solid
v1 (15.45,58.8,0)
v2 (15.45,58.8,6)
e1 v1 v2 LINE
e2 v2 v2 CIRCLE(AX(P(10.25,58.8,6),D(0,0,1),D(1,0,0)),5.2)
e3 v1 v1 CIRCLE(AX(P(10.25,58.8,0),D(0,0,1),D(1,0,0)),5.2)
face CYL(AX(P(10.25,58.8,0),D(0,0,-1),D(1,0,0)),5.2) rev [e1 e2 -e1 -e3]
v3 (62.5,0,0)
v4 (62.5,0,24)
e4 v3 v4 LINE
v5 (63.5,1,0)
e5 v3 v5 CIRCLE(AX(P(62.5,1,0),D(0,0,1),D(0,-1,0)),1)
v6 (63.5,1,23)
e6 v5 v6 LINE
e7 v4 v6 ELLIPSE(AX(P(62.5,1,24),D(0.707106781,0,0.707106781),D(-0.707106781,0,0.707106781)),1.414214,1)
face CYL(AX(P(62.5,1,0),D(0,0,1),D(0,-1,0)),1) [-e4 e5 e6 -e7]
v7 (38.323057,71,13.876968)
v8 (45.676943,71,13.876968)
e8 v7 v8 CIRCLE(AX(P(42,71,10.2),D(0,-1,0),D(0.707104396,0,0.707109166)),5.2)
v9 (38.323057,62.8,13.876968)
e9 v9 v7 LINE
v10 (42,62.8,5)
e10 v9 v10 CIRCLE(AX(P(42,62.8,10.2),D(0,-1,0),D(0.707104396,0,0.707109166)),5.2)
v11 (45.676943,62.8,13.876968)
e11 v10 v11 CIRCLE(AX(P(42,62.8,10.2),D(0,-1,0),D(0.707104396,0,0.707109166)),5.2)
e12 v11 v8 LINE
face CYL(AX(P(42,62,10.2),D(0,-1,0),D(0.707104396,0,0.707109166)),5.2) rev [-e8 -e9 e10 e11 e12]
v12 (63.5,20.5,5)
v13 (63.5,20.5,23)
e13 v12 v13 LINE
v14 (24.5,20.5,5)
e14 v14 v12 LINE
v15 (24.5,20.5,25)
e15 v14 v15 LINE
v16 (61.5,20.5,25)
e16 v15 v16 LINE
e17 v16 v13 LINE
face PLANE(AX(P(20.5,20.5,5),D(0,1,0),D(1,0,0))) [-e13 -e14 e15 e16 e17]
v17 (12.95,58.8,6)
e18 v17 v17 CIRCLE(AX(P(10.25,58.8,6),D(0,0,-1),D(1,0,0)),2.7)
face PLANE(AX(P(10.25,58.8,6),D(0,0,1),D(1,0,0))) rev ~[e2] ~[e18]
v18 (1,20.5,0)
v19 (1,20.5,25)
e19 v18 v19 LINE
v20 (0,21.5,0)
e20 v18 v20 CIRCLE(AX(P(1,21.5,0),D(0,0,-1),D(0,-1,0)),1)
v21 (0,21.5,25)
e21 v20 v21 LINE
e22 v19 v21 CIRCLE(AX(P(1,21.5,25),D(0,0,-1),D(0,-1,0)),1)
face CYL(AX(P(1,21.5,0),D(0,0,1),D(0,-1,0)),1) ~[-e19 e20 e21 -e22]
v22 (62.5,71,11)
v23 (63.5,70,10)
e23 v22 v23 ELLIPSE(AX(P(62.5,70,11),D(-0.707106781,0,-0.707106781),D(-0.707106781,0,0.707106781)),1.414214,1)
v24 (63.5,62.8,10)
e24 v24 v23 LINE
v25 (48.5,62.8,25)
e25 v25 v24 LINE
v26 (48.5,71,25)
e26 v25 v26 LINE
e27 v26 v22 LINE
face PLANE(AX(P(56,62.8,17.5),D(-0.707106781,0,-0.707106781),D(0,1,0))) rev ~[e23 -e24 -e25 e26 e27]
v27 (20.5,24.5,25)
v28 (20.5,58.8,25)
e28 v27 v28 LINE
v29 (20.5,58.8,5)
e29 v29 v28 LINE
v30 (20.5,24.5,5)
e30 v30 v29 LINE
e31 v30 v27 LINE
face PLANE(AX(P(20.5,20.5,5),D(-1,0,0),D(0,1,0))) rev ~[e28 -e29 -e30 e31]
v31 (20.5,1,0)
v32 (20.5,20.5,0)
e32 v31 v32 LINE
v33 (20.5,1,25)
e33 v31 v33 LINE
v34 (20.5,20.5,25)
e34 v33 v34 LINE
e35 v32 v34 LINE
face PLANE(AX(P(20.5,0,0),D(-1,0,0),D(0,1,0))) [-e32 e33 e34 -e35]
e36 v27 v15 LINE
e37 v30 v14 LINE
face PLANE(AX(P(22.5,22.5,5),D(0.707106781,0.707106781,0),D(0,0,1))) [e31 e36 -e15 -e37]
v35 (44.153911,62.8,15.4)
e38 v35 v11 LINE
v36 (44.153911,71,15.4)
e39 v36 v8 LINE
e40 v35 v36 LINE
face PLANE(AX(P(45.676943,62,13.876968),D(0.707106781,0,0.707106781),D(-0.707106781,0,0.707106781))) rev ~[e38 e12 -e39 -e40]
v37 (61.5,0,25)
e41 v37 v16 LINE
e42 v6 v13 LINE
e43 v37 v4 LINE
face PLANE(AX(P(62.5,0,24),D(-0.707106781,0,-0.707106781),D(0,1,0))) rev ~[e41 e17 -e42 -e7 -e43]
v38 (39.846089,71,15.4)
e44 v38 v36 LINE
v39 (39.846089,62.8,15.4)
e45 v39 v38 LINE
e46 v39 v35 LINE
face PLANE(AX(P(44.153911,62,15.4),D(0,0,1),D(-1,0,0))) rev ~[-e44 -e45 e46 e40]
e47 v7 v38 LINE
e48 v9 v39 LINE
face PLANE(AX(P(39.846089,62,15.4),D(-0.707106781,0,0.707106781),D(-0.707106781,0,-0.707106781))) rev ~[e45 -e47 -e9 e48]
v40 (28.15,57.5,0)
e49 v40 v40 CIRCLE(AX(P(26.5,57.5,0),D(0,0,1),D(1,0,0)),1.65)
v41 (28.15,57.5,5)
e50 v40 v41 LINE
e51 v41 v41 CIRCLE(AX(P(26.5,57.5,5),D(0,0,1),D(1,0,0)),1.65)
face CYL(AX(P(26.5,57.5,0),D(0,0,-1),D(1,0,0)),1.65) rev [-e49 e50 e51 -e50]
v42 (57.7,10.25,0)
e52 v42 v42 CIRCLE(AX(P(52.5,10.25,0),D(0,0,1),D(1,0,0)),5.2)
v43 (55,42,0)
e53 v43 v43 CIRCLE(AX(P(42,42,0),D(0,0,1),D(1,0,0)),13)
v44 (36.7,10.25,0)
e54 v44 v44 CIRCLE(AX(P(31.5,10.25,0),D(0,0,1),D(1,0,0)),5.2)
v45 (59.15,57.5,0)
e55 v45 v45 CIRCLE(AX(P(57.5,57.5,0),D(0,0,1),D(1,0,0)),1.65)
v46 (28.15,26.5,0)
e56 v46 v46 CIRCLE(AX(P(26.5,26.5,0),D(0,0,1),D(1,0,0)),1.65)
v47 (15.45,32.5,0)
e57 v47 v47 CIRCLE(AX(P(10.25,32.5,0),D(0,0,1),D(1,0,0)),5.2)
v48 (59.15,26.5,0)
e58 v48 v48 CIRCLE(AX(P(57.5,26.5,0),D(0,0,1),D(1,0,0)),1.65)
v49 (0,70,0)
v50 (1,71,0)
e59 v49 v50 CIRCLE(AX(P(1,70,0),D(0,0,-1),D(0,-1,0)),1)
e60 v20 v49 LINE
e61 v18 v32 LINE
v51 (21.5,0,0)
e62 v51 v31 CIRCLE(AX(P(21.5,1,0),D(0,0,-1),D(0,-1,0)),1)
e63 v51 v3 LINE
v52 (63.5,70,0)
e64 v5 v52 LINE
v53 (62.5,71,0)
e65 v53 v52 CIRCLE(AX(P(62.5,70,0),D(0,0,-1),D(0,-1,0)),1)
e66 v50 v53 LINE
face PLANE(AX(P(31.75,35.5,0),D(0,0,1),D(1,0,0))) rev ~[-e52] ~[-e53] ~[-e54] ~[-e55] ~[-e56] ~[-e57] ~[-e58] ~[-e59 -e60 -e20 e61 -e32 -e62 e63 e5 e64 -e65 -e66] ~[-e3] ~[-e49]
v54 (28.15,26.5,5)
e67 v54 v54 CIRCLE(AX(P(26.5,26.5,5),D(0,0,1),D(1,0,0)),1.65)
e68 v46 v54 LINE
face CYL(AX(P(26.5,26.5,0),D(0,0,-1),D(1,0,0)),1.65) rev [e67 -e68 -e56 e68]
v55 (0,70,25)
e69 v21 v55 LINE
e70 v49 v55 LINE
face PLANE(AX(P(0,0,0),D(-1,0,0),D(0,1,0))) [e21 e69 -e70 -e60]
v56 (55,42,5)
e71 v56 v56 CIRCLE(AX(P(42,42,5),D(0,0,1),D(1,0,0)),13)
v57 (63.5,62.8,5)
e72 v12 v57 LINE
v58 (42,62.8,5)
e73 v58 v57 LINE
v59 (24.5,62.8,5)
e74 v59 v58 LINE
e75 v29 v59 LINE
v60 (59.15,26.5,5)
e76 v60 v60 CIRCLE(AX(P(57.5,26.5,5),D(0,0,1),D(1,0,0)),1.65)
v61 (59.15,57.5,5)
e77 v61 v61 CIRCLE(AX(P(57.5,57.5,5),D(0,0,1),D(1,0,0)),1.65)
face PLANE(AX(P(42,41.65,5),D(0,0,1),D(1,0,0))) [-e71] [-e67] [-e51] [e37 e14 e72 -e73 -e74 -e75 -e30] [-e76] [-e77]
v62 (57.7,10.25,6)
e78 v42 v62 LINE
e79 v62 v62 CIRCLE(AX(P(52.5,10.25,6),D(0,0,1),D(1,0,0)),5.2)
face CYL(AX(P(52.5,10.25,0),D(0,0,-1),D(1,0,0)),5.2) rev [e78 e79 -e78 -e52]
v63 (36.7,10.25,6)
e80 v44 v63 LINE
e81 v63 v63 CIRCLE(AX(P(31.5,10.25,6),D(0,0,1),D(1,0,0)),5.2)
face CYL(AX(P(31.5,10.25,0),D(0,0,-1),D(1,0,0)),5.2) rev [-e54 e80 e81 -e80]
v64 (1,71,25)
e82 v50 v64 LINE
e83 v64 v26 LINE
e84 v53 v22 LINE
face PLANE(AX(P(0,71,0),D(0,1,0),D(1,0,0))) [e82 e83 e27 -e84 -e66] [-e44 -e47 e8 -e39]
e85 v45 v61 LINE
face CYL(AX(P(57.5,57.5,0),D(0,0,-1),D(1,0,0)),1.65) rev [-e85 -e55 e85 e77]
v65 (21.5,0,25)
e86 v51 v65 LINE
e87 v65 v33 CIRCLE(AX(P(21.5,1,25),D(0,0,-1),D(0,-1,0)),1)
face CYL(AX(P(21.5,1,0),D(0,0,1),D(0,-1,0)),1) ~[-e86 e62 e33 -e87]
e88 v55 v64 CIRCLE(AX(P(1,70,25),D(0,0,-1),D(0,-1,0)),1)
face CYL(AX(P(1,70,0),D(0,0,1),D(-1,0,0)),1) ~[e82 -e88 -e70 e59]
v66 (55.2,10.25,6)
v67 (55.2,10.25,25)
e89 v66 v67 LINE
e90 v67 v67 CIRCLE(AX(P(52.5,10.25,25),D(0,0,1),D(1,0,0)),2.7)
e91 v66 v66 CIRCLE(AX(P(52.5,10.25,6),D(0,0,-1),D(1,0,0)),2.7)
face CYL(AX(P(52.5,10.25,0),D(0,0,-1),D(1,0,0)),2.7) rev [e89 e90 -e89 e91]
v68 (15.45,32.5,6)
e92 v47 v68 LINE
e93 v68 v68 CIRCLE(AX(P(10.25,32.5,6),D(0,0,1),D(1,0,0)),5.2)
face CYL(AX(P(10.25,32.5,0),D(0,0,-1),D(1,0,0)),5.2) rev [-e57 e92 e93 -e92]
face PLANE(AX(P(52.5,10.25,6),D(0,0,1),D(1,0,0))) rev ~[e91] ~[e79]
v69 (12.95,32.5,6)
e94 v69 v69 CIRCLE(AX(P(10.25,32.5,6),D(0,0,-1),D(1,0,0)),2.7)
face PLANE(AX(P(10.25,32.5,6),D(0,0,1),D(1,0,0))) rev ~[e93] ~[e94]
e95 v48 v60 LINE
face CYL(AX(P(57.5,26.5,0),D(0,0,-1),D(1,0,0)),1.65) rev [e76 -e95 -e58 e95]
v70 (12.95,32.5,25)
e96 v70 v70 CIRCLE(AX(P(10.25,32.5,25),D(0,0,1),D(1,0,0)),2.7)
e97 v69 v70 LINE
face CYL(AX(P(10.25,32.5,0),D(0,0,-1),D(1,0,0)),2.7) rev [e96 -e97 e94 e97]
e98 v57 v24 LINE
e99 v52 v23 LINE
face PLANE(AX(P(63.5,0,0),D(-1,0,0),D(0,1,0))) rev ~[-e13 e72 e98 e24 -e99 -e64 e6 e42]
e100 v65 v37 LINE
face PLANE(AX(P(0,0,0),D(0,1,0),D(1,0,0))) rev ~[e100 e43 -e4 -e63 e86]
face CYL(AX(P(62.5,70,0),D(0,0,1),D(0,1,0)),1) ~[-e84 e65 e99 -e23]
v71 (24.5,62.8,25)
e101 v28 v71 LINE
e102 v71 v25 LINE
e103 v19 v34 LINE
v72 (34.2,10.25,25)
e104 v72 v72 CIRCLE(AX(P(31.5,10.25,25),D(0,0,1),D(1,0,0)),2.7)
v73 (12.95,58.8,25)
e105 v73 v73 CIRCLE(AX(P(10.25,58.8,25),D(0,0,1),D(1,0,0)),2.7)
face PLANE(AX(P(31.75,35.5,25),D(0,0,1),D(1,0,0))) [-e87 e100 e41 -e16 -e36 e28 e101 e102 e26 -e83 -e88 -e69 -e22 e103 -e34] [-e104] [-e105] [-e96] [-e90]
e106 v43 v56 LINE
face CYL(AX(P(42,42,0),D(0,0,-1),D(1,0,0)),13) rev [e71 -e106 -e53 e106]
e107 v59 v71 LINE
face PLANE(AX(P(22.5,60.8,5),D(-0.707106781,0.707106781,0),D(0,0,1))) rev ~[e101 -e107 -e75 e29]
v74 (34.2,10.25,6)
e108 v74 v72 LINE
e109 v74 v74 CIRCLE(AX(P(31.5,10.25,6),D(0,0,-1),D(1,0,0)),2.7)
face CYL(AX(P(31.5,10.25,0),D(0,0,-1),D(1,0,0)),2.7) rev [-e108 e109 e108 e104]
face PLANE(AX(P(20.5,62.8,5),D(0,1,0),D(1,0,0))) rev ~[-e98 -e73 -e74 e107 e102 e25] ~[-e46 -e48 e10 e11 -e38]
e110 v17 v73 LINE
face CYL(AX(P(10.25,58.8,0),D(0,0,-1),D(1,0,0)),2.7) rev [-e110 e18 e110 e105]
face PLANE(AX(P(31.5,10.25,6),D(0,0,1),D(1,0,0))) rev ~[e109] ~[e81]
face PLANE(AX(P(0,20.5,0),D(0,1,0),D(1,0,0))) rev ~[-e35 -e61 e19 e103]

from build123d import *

# Parameters (mm, degrees)
EXTRUDE003_DEPTH           = 10
EXTRUDE003_PLACEMENT_ANGLE = 90
SKETCH002_R                = 2.7
EXTRUDE002_DEPTH           = 25
SKETCH001_R                = 5.2
EXTRUDE001_DEPTH           = 6
SKETCH_R                   = 13
SKETCH_R_2                 = 1.65
EXTRUDE_DEPTH              = 5
BOX002_W                   = 43
BOX002_H                   = 42.3
BOX002_DEPTH               = 20
CHAMFER_SIZE               = 4
BOX001_W                   = 20.5
BOX001_H                   = 20.5
BOX001_DEPTH               = 25
BOX_W                      = 63.5
BOX_H                      = 71
BOX_DEPTH                  = 25
CHAMFER001_1_SIZE          = 15
CHAMFER001_2_SIZE          = 2
FILLET_R                   = 1


with BuildPart() as m10_repraphole_extr:
    # Sketch003 → Extrude003 (new body)
    with BuildSketch(Plane.YZ):
        with BuildLine():
            ThreePointArc((-3.676943, 3.676968), (0, -5.2), (3.676943, 3.676968))
            Line((2.153911, 5.2), (3.676943, 3.676968))
            Line((-2.153911, 5.2), (2.153911, 5.2))
            Line((-3.676943, 3.676968), (-2.153911, 5.2))
        make_face()
    extrude(amount=EXTRUDE003_DEPTH)


with BuildPart() as m10_repraphole_extr_1:
    # Extrude003 placement: moved
    add(m10_repraphole_extr.part.moved(Location((42, 62, 10.2))).rotate(Axis((42, 62, 10.2), (0, 0, 1)), EXTRUDE003_PLACEMENT_ANGLE))


with BuildPart() as huecos_tornillos_extr:
    # Sketch002 → Extrude002 (new body)
    with BuildSketch(Plane.XY):
        with Locations((31.5, 10.25)):
            Circle(SKETCH002_R)
        with Locations((52.5, 10.25)):
            Circle(SKETCH002_R)
        with Locations((10.25, 32.5)):
            Circle(SKETCH002_R)
        with Locations((10.25, 58.8)):
            Circle(SKETCH002_R)
    extrude(amount=EXTRUDE002_DEPTH)


with BuildPart() as huecos:
    # Sketch001 → Extrude001 (new body)
    with BuildSketch(Plane.XY):
        with Locations((31.5, 10.25)):
            Circle(SKETCH001_R)
        with Locations((52.5, 10.25)):
            Circle(SKETCH001_R)
        with Locations((10.25, 32.5)):
            Circle(SKETCH001_R)
        with Locations((10.25, 58.8)):
            Circle(SKETCH001_R)
    extrude(amount=EXTRUDE001_DEPTH)

    # Fusion001: union huecos_tornillos_extr
    add(huecos_tornillos_extr.part)

    # Fusion002: union M10_repraphole_extr
    add(m10_repraphole_extr_1.part)


with BuildPart() as agujero_motor:
    # Sketch → Extrude (new body)
    with BuildSketch(Plane(origin=(20.5, 20.5, 25), x_dir=(1, 0, 0), z_dir=(0, 0, 1))):
        with Locations((21.5, 21.5)):
            Circle(SKETCH_R)
        with Locations((6, 37)):
            Circle(SKETCH_R_2)
        with Locations((37, 37)):
            Circle(SKETCH_R_2)
        with Locations((37, 6)):
            Circle(SKETCH_R_2)
        with Locations((6, 6)):
            Circle(SKETCH_R_2)
    extrude(amount=EXTRUDE_DEPTH)


with BuildPart() as agujero_motor_1:
    # Extrude placement: moved
    add(agujero_motor.part.moved(Location((0, 0, -25))))


with BuildPart() as hueco_motor_total:
    # Box002 → Box002 (new body)
    with BuildSketch(Plane(origin=(20.5, 20.5, 5), x_dir=(1, 0, 0), z_dir=(0, 0, 1))):
        with Locations((21.5, 21.15)):
            Rectangle(BOX002_W, BOX002_H)
    extrude(amount=BOX002_DEPTH)

    # Chamfer
    chamfer_edges = [hueco_motor_total.edges().sort_by_distance(p)[0] for p in [
        (20.5, 20.5, 15),
        (20.5, 62.8, 15),
    ]]
    chamfer(chamfer_edges, length=CHAMFER_SIZE)

    # Fusion: union agujero_motor
    add(agujero_motor_1.part)


with BuildPart() as hueco_columna_z:
    # Box001 → Box001 (new body)
    with BuildSketch(Plane.XY):
        with Locations((10.25, 10.25)):
            Rectangle(BOX001_W, BOX001_H)
    extrude(amount=BOX001_DEPTH)


with BuildPart() as ymotorleft:
    # Box → Box (new body)
    with BuildSketch(Plane.XY):
        with Locations((31.75, 35.5)):
            Rectangle(BOX_W, BOX_H)
    extrude(amount=BOX_DEPTH)

    # Cut: cut hueco_columna_z
    add(hueco_columna_z.part, mode=Mode.SUBTRACT)

    # Cut001: cut hueco_motor_total
    add(hueco_motor_total.part, mode=Mode.SUBTRACT)

    # Cut002: cut huecos
    add(huecos.part, mode=Mode.SUBTRACT)

    # Chamfer001 1
    chamfer001_1_edges = [ymotorleft.edges().sort_by_distance(p)[0] for p in [
        (63.5, 66.9, 25),
    ]]
    chamfer(chamfer001_1_edges, length=CHAMFER001_1_SIZE)

    # Chamfer001 2
    chamfer001_2_edges = [ymotorleft.edges().sort_by_distance(p)[0] for p in [
        (63.5, 10.25, 25),
    ]]
    chamfer(chamfer001_2_edges, length=CHAMFER001_2_SIZE)

    # Fillet
    fillet_edges = [ymotorleft.edges().sort_by_distance(p)[0] for p in [
        (63.5, 71, 5),
        (0, 71, 12.5),
        (0, 20.5, 12.5),
        (20.5, 0, 12.5),
        (63.5, 0, 11.5),
    ]]
    fillet(fillet_edges, radius=FILLET_R)


solid = ymotorleft.part
